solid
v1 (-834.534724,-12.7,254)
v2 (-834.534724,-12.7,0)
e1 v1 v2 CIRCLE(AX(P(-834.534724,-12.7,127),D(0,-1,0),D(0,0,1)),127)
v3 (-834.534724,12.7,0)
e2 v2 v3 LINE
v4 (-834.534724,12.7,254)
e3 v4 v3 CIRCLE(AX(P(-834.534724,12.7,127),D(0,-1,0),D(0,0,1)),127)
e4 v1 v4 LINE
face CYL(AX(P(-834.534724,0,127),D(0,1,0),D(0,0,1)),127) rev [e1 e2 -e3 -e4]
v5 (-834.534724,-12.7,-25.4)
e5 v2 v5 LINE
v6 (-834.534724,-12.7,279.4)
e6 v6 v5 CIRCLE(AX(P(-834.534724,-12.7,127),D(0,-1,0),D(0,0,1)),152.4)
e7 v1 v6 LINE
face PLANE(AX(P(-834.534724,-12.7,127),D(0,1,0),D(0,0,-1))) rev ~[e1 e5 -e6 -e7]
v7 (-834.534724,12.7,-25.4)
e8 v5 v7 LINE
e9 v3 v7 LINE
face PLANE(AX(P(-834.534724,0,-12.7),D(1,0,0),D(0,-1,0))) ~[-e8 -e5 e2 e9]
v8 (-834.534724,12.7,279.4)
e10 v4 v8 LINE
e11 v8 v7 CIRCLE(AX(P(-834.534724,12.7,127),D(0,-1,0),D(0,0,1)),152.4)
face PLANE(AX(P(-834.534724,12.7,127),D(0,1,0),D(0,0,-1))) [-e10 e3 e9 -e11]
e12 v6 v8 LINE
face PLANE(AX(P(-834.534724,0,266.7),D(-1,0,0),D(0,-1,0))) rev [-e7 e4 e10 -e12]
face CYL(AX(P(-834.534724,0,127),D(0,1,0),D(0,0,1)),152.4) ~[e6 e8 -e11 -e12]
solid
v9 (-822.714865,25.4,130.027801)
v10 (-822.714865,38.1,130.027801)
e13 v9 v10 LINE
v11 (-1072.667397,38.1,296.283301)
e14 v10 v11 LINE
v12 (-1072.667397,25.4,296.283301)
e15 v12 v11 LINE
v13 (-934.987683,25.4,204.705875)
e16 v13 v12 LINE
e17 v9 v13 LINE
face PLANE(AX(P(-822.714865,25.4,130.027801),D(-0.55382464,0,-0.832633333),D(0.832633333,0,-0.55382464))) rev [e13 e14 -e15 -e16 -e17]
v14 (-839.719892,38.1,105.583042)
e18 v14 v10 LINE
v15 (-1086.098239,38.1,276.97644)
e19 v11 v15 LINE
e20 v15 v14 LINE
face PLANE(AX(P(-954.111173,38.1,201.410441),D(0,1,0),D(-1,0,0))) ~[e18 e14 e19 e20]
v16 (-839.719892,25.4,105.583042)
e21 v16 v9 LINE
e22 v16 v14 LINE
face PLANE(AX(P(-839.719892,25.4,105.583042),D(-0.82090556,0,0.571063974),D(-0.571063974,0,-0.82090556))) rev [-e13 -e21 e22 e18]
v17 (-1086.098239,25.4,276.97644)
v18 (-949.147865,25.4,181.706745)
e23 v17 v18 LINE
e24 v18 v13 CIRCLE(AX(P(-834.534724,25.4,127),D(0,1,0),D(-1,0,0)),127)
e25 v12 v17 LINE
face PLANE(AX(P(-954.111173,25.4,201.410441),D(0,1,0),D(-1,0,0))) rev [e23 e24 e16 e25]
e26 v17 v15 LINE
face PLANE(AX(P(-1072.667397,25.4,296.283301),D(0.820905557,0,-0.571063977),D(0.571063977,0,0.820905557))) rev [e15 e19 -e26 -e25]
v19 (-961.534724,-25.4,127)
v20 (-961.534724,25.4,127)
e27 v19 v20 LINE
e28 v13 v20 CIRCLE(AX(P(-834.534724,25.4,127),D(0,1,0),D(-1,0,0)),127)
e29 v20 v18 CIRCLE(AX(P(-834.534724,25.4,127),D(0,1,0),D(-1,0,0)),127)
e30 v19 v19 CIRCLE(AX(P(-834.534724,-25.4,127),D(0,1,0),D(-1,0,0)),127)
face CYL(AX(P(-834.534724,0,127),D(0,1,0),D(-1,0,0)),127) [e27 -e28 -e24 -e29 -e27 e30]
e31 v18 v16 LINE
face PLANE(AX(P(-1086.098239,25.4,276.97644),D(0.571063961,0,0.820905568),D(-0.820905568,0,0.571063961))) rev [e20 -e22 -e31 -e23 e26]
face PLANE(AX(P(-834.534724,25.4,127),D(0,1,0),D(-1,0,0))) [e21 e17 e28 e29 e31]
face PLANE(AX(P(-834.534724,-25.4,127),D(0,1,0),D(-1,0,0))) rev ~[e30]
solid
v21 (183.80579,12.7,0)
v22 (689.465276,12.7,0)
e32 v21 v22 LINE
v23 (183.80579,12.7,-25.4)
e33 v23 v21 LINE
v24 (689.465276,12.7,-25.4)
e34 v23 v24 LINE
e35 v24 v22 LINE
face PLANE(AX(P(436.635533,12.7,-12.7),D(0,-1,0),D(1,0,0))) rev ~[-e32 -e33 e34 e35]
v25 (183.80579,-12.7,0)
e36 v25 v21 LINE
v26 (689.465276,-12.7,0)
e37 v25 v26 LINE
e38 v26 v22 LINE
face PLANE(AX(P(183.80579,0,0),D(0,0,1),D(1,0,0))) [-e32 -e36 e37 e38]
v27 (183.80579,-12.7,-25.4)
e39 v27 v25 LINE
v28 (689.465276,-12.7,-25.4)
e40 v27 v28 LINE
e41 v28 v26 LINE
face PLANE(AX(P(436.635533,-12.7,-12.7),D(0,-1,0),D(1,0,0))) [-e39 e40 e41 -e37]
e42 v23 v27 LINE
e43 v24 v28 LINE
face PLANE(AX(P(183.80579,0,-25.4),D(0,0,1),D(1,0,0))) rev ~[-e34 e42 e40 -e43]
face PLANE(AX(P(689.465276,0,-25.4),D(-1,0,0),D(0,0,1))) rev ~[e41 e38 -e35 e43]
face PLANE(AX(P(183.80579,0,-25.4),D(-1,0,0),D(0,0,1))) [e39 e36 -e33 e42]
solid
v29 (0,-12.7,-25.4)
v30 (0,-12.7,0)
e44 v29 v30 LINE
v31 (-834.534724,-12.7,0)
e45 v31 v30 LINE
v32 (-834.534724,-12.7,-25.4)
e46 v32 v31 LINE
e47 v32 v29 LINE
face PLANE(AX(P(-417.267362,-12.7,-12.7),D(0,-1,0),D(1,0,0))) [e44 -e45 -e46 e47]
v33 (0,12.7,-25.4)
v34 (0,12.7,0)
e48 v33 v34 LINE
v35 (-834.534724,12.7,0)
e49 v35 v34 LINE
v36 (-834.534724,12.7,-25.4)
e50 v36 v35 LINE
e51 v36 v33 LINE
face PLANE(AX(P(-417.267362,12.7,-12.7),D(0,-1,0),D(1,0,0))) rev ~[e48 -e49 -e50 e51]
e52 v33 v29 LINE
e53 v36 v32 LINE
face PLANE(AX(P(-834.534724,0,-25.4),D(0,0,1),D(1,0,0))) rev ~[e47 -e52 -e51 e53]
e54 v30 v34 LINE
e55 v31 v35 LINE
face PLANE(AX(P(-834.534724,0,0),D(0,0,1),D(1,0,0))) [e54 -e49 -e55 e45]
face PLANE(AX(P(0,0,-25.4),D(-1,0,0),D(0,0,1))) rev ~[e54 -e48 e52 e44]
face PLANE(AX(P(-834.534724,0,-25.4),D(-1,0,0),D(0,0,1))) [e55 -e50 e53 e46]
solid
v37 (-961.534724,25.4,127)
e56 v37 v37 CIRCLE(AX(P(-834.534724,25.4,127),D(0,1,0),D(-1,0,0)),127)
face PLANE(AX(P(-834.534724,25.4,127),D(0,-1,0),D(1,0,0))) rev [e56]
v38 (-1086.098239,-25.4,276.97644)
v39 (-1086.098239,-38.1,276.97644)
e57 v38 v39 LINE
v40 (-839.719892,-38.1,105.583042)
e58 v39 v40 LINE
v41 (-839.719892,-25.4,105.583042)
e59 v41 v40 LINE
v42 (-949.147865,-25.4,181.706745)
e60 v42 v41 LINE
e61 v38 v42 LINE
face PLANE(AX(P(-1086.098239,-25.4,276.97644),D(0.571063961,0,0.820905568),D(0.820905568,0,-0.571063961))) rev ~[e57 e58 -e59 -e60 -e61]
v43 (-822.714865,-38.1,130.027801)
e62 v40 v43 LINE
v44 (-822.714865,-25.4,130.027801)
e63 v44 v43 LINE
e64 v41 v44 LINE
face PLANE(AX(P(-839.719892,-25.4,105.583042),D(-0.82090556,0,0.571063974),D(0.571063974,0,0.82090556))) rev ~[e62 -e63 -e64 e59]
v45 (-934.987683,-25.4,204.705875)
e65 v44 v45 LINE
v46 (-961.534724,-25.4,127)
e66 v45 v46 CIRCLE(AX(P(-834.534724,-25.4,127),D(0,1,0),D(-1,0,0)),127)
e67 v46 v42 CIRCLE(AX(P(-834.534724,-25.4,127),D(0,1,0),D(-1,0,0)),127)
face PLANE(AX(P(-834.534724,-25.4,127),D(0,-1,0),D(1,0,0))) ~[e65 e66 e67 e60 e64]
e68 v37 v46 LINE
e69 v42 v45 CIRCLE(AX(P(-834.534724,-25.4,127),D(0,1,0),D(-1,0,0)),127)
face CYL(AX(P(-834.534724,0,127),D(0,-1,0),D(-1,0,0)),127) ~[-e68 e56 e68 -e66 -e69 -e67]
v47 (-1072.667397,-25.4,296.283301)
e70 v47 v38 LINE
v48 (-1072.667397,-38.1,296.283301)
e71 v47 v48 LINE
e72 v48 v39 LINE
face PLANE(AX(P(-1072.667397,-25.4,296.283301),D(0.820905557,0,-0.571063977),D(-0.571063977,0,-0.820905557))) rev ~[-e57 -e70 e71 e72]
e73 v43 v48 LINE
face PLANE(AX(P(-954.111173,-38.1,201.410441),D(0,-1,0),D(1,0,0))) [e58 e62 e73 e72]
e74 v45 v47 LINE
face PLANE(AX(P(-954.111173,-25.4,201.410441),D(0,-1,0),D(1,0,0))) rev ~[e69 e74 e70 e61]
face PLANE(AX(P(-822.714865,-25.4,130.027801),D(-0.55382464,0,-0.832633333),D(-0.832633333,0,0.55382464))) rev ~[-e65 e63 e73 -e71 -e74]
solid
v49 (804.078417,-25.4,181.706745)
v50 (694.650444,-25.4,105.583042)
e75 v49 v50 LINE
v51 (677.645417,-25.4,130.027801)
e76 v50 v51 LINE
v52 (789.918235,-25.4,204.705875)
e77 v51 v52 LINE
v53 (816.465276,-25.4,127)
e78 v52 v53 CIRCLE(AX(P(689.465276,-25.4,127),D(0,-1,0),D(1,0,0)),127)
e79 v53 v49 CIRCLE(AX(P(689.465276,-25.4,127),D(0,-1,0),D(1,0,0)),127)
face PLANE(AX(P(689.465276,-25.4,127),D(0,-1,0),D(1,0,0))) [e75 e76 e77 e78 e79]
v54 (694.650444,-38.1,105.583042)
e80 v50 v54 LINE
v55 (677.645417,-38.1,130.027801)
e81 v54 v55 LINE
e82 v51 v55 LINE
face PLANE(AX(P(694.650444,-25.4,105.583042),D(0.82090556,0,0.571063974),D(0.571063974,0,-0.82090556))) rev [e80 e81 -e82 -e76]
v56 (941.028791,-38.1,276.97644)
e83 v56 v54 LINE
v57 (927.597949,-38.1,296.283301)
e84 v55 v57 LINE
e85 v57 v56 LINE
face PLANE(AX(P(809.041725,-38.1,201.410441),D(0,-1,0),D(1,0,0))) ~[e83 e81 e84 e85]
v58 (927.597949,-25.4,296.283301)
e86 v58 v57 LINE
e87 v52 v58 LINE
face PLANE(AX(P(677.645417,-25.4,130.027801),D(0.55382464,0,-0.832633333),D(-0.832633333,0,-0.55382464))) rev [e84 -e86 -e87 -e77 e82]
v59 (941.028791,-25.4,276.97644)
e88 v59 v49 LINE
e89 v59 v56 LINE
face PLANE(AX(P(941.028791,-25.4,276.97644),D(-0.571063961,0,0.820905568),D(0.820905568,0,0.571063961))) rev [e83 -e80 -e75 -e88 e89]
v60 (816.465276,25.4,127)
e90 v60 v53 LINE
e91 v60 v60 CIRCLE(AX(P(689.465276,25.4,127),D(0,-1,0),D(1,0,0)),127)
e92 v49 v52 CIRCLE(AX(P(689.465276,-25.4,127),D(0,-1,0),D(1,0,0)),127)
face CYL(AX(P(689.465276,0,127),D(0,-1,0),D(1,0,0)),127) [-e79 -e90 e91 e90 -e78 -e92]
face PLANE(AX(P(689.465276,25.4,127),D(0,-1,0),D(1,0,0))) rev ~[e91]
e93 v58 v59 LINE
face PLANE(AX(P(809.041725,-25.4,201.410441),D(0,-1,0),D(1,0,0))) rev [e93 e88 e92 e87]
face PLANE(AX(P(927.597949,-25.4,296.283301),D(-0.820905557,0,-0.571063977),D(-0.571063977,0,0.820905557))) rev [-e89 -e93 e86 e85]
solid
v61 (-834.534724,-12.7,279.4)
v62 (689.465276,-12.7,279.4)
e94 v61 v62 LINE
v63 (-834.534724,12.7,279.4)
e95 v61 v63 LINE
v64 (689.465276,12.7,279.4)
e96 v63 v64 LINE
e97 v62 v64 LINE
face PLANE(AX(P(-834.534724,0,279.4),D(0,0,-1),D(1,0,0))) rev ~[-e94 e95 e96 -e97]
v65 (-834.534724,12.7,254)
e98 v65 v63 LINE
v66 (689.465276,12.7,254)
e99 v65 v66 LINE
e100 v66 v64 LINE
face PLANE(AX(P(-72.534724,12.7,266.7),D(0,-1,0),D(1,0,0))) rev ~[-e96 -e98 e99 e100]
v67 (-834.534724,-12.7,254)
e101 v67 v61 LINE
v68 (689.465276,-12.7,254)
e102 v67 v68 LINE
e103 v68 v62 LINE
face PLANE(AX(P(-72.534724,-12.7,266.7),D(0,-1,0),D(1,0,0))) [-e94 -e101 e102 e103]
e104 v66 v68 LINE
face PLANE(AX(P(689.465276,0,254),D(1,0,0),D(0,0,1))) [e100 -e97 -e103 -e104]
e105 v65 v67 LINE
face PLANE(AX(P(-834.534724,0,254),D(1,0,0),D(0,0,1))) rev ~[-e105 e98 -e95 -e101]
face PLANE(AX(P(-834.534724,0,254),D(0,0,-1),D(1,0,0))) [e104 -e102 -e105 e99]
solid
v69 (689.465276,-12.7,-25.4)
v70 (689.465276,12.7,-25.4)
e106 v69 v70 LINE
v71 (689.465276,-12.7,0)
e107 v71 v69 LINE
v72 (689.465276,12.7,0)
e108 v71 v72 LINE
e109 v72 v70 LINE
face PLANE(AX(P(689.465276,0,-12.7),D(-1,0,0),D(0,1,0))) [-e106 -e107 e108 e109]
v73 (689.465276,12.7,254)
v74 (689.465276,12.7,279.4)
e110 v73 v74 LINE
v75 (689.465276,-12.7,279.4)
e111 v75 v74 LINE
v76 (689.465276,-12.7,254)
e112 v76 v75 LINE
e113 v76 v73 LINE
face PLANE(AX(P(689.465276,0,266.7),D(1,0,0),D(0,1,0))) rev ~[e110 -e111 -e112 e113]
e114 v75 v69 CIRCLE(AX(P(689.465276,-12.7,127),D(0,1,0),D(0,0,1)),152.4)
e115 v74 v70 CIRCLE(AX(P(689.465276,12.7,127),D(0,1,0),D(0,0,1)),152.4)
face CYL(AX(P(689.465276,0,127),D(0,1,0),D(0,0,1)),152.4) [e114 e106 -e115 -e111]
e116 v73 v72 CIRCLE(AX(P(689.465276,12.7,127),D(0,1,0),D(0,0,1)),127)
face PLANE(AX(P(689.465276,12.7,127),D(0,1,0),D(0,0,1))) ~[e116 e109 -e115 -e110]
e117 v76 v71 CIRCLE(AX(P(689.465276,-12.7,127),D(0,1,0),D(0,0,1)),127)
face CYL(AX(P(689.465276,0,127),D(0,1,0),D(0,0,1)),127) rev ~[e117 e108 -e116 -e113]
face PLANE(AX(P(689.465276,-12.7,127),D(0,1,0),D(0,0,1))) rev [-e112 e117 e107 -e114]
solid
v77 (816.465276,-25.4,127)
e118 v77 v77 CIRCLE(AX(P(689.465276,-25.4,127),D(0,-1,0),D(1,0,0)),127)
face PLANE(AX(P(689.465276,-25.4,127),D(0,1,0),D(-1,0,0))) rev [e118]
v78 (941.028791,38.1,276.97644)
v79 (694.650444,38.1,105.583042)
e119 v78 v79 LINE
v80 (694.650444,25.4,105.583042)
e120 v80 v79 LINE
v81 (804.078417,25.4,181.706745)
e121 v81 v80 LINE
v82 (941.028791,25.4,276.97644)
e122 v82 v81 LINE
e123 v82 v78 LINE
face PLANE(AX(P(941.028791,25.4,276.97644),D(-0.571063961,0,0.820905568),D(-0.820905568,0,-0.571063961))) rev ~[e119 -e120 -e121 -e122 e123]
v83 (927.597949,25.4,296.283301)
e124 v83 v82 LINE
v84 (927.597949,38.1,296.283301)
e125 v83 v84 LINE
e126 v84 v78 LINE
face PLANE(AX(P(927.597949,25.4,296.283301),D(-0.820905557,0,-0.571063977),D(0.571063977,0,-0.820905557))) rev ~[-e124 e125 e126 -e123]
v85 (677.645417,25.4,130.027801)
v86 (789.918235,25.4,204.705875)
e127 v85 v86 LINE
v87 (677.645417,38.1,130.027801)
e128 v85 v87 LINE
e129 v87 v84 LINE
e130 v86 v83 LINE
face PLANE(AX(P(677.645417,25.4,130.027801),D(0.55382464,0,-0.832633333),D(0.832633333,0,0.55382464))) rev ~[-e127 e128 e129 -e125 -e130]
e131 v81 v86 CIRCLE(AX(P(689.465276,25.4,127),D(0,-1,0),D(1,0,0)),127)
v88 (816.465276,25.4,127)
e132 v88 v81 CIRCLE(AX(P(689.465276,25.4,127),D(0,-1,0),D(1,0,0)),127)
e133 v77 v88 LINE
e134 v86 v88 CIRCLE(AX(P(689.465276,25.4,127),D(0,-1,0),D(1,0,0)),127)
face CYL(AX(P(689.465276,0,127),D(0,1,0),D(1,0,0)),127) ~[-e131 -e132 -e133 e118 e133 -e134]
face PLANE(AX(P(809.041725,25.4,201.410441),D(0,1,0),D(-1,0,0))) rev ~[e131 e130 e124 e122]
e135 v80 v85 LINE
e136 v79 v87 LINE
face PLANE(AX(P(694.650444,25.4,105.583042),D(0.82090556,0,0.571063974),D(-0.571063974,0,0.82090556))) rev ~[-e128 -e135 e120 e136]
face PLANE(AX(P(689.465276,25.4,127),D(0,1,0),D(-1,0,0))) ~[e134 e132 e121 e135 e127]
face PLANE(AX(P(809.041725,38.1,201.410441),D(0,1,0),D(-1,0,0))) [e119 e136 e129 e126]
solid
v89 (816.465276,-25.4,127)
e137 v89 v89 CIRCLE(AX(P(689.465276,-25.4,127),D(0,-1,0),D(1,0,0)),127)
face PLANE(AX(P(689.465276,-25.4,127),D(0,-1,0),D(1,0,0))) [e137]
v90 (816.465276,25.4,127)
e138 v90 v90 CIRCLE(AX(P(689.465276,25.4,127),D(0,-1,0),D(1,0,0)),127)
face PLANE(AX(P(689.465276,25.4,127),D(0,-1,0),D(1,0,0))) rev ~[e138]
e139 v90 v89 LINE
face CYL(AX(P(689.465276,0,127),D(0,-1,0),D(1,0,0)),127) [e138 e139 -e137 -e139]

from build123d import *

# Parameters (mm, degrees)
F0_W     = 834.534724
F0_H     = 25.4
F0_W_2   = 505.659487
F0_W_3   = 1524
F1_DEPTH = 12.7
F2_R     = 127
F3_DEPTH = 25.4
F4_W     = 25.4
F4_H     = 25.4
F5_ANGLE = 180
F9_DEPTH = 12.7


with BuildPart() as f1:
    # F0 (on Front) → F1 (new body, symmetric)
    with BuildSketch(Plane.XZ):
        with Locations((-417.267362, -12.7)):
            Rectangle(F0_W, F0_H)
        with Locations((436.635533, -12.7)):
            Rectangle(F0_W_2, F0_H)
        with Locations((-72.534724, 266.7)):
            Rectangle(F0_W_3, F0_H)
    extrude(amount=F1_DEPTH, both=True)


with BuildPart() as f3:
    # F2 (on Front) → F3 (new body, symmetric)
    with BuildSketch(Plane.XZ):
        with Locations((689.465276, 127)):
            Circle(F2_R)
    extrude(amount=F3_DEPTH, both=True)


with BuildPart() as f5:
    # F4 (on face) → F5 (revolve)
    with BuildSketch(Plane.YZ.offset(689.465276)):
        with Locations((0, 266.7)):
            Rectangle(F4_W, F4_H)
    revolve(axis=Axis((689.465276, 5.172679, 127), (0, 1, 0)), revolution_arc=F5_ANGLE)


with BuildPart() as f7_1:
    # F7: instance of F3
    add(f3.part.mirror(Plane(origin=(-72.534724, 0, 266.7), x_dir=(0, -1, 0), z_dir=(-1, 0, 0))))

    # F8 (on face) → F9 (join)
    with BuildSketch(Plane.XZ.offset(25.4)):
        Polygon((-839.719892, 105.583042), (-822.714865, 130.027801), (-1072.667397, 296.283301), (-1086.098239, 276.97644), align=None)
    extrude(amount=F9_DEPTH)


with BuildPart() as f7_2:
    # F7: instance of F5
    add(f5.part.mirror(Plane(origin=(-72.534724, 0, 266.7), x_dir=(0, -1, 0), z_dir=(-1, 0, 0))))


with BuildPart() as f10_1:
    # F10: instance of F7_1
    add(f7_1.part.mirror(Plane.XZ))


with BuildPart() as f11_1:
    # F11: instance of F7_1
    add(f7_1.part.mirror(Plane(origin=(-72.534724, 0, 266.7), x_dir=(0, -1, 0), z_dir=(-1, 0, 0))))


with BuildPart() as f11_2:
    # F11: instance of F10_1
    add(f10_1.part.mirror(Plane(origin=(-72.534724, 0, 266.7), x_dir=(0, -1, 0), z_dir=(-1, 0, 0))))


solid = Compound([f1.part, f3.part, f5.part, f7_1.part, f7_2.part, f10_1.part, f11_1.part, f11_2.part])
